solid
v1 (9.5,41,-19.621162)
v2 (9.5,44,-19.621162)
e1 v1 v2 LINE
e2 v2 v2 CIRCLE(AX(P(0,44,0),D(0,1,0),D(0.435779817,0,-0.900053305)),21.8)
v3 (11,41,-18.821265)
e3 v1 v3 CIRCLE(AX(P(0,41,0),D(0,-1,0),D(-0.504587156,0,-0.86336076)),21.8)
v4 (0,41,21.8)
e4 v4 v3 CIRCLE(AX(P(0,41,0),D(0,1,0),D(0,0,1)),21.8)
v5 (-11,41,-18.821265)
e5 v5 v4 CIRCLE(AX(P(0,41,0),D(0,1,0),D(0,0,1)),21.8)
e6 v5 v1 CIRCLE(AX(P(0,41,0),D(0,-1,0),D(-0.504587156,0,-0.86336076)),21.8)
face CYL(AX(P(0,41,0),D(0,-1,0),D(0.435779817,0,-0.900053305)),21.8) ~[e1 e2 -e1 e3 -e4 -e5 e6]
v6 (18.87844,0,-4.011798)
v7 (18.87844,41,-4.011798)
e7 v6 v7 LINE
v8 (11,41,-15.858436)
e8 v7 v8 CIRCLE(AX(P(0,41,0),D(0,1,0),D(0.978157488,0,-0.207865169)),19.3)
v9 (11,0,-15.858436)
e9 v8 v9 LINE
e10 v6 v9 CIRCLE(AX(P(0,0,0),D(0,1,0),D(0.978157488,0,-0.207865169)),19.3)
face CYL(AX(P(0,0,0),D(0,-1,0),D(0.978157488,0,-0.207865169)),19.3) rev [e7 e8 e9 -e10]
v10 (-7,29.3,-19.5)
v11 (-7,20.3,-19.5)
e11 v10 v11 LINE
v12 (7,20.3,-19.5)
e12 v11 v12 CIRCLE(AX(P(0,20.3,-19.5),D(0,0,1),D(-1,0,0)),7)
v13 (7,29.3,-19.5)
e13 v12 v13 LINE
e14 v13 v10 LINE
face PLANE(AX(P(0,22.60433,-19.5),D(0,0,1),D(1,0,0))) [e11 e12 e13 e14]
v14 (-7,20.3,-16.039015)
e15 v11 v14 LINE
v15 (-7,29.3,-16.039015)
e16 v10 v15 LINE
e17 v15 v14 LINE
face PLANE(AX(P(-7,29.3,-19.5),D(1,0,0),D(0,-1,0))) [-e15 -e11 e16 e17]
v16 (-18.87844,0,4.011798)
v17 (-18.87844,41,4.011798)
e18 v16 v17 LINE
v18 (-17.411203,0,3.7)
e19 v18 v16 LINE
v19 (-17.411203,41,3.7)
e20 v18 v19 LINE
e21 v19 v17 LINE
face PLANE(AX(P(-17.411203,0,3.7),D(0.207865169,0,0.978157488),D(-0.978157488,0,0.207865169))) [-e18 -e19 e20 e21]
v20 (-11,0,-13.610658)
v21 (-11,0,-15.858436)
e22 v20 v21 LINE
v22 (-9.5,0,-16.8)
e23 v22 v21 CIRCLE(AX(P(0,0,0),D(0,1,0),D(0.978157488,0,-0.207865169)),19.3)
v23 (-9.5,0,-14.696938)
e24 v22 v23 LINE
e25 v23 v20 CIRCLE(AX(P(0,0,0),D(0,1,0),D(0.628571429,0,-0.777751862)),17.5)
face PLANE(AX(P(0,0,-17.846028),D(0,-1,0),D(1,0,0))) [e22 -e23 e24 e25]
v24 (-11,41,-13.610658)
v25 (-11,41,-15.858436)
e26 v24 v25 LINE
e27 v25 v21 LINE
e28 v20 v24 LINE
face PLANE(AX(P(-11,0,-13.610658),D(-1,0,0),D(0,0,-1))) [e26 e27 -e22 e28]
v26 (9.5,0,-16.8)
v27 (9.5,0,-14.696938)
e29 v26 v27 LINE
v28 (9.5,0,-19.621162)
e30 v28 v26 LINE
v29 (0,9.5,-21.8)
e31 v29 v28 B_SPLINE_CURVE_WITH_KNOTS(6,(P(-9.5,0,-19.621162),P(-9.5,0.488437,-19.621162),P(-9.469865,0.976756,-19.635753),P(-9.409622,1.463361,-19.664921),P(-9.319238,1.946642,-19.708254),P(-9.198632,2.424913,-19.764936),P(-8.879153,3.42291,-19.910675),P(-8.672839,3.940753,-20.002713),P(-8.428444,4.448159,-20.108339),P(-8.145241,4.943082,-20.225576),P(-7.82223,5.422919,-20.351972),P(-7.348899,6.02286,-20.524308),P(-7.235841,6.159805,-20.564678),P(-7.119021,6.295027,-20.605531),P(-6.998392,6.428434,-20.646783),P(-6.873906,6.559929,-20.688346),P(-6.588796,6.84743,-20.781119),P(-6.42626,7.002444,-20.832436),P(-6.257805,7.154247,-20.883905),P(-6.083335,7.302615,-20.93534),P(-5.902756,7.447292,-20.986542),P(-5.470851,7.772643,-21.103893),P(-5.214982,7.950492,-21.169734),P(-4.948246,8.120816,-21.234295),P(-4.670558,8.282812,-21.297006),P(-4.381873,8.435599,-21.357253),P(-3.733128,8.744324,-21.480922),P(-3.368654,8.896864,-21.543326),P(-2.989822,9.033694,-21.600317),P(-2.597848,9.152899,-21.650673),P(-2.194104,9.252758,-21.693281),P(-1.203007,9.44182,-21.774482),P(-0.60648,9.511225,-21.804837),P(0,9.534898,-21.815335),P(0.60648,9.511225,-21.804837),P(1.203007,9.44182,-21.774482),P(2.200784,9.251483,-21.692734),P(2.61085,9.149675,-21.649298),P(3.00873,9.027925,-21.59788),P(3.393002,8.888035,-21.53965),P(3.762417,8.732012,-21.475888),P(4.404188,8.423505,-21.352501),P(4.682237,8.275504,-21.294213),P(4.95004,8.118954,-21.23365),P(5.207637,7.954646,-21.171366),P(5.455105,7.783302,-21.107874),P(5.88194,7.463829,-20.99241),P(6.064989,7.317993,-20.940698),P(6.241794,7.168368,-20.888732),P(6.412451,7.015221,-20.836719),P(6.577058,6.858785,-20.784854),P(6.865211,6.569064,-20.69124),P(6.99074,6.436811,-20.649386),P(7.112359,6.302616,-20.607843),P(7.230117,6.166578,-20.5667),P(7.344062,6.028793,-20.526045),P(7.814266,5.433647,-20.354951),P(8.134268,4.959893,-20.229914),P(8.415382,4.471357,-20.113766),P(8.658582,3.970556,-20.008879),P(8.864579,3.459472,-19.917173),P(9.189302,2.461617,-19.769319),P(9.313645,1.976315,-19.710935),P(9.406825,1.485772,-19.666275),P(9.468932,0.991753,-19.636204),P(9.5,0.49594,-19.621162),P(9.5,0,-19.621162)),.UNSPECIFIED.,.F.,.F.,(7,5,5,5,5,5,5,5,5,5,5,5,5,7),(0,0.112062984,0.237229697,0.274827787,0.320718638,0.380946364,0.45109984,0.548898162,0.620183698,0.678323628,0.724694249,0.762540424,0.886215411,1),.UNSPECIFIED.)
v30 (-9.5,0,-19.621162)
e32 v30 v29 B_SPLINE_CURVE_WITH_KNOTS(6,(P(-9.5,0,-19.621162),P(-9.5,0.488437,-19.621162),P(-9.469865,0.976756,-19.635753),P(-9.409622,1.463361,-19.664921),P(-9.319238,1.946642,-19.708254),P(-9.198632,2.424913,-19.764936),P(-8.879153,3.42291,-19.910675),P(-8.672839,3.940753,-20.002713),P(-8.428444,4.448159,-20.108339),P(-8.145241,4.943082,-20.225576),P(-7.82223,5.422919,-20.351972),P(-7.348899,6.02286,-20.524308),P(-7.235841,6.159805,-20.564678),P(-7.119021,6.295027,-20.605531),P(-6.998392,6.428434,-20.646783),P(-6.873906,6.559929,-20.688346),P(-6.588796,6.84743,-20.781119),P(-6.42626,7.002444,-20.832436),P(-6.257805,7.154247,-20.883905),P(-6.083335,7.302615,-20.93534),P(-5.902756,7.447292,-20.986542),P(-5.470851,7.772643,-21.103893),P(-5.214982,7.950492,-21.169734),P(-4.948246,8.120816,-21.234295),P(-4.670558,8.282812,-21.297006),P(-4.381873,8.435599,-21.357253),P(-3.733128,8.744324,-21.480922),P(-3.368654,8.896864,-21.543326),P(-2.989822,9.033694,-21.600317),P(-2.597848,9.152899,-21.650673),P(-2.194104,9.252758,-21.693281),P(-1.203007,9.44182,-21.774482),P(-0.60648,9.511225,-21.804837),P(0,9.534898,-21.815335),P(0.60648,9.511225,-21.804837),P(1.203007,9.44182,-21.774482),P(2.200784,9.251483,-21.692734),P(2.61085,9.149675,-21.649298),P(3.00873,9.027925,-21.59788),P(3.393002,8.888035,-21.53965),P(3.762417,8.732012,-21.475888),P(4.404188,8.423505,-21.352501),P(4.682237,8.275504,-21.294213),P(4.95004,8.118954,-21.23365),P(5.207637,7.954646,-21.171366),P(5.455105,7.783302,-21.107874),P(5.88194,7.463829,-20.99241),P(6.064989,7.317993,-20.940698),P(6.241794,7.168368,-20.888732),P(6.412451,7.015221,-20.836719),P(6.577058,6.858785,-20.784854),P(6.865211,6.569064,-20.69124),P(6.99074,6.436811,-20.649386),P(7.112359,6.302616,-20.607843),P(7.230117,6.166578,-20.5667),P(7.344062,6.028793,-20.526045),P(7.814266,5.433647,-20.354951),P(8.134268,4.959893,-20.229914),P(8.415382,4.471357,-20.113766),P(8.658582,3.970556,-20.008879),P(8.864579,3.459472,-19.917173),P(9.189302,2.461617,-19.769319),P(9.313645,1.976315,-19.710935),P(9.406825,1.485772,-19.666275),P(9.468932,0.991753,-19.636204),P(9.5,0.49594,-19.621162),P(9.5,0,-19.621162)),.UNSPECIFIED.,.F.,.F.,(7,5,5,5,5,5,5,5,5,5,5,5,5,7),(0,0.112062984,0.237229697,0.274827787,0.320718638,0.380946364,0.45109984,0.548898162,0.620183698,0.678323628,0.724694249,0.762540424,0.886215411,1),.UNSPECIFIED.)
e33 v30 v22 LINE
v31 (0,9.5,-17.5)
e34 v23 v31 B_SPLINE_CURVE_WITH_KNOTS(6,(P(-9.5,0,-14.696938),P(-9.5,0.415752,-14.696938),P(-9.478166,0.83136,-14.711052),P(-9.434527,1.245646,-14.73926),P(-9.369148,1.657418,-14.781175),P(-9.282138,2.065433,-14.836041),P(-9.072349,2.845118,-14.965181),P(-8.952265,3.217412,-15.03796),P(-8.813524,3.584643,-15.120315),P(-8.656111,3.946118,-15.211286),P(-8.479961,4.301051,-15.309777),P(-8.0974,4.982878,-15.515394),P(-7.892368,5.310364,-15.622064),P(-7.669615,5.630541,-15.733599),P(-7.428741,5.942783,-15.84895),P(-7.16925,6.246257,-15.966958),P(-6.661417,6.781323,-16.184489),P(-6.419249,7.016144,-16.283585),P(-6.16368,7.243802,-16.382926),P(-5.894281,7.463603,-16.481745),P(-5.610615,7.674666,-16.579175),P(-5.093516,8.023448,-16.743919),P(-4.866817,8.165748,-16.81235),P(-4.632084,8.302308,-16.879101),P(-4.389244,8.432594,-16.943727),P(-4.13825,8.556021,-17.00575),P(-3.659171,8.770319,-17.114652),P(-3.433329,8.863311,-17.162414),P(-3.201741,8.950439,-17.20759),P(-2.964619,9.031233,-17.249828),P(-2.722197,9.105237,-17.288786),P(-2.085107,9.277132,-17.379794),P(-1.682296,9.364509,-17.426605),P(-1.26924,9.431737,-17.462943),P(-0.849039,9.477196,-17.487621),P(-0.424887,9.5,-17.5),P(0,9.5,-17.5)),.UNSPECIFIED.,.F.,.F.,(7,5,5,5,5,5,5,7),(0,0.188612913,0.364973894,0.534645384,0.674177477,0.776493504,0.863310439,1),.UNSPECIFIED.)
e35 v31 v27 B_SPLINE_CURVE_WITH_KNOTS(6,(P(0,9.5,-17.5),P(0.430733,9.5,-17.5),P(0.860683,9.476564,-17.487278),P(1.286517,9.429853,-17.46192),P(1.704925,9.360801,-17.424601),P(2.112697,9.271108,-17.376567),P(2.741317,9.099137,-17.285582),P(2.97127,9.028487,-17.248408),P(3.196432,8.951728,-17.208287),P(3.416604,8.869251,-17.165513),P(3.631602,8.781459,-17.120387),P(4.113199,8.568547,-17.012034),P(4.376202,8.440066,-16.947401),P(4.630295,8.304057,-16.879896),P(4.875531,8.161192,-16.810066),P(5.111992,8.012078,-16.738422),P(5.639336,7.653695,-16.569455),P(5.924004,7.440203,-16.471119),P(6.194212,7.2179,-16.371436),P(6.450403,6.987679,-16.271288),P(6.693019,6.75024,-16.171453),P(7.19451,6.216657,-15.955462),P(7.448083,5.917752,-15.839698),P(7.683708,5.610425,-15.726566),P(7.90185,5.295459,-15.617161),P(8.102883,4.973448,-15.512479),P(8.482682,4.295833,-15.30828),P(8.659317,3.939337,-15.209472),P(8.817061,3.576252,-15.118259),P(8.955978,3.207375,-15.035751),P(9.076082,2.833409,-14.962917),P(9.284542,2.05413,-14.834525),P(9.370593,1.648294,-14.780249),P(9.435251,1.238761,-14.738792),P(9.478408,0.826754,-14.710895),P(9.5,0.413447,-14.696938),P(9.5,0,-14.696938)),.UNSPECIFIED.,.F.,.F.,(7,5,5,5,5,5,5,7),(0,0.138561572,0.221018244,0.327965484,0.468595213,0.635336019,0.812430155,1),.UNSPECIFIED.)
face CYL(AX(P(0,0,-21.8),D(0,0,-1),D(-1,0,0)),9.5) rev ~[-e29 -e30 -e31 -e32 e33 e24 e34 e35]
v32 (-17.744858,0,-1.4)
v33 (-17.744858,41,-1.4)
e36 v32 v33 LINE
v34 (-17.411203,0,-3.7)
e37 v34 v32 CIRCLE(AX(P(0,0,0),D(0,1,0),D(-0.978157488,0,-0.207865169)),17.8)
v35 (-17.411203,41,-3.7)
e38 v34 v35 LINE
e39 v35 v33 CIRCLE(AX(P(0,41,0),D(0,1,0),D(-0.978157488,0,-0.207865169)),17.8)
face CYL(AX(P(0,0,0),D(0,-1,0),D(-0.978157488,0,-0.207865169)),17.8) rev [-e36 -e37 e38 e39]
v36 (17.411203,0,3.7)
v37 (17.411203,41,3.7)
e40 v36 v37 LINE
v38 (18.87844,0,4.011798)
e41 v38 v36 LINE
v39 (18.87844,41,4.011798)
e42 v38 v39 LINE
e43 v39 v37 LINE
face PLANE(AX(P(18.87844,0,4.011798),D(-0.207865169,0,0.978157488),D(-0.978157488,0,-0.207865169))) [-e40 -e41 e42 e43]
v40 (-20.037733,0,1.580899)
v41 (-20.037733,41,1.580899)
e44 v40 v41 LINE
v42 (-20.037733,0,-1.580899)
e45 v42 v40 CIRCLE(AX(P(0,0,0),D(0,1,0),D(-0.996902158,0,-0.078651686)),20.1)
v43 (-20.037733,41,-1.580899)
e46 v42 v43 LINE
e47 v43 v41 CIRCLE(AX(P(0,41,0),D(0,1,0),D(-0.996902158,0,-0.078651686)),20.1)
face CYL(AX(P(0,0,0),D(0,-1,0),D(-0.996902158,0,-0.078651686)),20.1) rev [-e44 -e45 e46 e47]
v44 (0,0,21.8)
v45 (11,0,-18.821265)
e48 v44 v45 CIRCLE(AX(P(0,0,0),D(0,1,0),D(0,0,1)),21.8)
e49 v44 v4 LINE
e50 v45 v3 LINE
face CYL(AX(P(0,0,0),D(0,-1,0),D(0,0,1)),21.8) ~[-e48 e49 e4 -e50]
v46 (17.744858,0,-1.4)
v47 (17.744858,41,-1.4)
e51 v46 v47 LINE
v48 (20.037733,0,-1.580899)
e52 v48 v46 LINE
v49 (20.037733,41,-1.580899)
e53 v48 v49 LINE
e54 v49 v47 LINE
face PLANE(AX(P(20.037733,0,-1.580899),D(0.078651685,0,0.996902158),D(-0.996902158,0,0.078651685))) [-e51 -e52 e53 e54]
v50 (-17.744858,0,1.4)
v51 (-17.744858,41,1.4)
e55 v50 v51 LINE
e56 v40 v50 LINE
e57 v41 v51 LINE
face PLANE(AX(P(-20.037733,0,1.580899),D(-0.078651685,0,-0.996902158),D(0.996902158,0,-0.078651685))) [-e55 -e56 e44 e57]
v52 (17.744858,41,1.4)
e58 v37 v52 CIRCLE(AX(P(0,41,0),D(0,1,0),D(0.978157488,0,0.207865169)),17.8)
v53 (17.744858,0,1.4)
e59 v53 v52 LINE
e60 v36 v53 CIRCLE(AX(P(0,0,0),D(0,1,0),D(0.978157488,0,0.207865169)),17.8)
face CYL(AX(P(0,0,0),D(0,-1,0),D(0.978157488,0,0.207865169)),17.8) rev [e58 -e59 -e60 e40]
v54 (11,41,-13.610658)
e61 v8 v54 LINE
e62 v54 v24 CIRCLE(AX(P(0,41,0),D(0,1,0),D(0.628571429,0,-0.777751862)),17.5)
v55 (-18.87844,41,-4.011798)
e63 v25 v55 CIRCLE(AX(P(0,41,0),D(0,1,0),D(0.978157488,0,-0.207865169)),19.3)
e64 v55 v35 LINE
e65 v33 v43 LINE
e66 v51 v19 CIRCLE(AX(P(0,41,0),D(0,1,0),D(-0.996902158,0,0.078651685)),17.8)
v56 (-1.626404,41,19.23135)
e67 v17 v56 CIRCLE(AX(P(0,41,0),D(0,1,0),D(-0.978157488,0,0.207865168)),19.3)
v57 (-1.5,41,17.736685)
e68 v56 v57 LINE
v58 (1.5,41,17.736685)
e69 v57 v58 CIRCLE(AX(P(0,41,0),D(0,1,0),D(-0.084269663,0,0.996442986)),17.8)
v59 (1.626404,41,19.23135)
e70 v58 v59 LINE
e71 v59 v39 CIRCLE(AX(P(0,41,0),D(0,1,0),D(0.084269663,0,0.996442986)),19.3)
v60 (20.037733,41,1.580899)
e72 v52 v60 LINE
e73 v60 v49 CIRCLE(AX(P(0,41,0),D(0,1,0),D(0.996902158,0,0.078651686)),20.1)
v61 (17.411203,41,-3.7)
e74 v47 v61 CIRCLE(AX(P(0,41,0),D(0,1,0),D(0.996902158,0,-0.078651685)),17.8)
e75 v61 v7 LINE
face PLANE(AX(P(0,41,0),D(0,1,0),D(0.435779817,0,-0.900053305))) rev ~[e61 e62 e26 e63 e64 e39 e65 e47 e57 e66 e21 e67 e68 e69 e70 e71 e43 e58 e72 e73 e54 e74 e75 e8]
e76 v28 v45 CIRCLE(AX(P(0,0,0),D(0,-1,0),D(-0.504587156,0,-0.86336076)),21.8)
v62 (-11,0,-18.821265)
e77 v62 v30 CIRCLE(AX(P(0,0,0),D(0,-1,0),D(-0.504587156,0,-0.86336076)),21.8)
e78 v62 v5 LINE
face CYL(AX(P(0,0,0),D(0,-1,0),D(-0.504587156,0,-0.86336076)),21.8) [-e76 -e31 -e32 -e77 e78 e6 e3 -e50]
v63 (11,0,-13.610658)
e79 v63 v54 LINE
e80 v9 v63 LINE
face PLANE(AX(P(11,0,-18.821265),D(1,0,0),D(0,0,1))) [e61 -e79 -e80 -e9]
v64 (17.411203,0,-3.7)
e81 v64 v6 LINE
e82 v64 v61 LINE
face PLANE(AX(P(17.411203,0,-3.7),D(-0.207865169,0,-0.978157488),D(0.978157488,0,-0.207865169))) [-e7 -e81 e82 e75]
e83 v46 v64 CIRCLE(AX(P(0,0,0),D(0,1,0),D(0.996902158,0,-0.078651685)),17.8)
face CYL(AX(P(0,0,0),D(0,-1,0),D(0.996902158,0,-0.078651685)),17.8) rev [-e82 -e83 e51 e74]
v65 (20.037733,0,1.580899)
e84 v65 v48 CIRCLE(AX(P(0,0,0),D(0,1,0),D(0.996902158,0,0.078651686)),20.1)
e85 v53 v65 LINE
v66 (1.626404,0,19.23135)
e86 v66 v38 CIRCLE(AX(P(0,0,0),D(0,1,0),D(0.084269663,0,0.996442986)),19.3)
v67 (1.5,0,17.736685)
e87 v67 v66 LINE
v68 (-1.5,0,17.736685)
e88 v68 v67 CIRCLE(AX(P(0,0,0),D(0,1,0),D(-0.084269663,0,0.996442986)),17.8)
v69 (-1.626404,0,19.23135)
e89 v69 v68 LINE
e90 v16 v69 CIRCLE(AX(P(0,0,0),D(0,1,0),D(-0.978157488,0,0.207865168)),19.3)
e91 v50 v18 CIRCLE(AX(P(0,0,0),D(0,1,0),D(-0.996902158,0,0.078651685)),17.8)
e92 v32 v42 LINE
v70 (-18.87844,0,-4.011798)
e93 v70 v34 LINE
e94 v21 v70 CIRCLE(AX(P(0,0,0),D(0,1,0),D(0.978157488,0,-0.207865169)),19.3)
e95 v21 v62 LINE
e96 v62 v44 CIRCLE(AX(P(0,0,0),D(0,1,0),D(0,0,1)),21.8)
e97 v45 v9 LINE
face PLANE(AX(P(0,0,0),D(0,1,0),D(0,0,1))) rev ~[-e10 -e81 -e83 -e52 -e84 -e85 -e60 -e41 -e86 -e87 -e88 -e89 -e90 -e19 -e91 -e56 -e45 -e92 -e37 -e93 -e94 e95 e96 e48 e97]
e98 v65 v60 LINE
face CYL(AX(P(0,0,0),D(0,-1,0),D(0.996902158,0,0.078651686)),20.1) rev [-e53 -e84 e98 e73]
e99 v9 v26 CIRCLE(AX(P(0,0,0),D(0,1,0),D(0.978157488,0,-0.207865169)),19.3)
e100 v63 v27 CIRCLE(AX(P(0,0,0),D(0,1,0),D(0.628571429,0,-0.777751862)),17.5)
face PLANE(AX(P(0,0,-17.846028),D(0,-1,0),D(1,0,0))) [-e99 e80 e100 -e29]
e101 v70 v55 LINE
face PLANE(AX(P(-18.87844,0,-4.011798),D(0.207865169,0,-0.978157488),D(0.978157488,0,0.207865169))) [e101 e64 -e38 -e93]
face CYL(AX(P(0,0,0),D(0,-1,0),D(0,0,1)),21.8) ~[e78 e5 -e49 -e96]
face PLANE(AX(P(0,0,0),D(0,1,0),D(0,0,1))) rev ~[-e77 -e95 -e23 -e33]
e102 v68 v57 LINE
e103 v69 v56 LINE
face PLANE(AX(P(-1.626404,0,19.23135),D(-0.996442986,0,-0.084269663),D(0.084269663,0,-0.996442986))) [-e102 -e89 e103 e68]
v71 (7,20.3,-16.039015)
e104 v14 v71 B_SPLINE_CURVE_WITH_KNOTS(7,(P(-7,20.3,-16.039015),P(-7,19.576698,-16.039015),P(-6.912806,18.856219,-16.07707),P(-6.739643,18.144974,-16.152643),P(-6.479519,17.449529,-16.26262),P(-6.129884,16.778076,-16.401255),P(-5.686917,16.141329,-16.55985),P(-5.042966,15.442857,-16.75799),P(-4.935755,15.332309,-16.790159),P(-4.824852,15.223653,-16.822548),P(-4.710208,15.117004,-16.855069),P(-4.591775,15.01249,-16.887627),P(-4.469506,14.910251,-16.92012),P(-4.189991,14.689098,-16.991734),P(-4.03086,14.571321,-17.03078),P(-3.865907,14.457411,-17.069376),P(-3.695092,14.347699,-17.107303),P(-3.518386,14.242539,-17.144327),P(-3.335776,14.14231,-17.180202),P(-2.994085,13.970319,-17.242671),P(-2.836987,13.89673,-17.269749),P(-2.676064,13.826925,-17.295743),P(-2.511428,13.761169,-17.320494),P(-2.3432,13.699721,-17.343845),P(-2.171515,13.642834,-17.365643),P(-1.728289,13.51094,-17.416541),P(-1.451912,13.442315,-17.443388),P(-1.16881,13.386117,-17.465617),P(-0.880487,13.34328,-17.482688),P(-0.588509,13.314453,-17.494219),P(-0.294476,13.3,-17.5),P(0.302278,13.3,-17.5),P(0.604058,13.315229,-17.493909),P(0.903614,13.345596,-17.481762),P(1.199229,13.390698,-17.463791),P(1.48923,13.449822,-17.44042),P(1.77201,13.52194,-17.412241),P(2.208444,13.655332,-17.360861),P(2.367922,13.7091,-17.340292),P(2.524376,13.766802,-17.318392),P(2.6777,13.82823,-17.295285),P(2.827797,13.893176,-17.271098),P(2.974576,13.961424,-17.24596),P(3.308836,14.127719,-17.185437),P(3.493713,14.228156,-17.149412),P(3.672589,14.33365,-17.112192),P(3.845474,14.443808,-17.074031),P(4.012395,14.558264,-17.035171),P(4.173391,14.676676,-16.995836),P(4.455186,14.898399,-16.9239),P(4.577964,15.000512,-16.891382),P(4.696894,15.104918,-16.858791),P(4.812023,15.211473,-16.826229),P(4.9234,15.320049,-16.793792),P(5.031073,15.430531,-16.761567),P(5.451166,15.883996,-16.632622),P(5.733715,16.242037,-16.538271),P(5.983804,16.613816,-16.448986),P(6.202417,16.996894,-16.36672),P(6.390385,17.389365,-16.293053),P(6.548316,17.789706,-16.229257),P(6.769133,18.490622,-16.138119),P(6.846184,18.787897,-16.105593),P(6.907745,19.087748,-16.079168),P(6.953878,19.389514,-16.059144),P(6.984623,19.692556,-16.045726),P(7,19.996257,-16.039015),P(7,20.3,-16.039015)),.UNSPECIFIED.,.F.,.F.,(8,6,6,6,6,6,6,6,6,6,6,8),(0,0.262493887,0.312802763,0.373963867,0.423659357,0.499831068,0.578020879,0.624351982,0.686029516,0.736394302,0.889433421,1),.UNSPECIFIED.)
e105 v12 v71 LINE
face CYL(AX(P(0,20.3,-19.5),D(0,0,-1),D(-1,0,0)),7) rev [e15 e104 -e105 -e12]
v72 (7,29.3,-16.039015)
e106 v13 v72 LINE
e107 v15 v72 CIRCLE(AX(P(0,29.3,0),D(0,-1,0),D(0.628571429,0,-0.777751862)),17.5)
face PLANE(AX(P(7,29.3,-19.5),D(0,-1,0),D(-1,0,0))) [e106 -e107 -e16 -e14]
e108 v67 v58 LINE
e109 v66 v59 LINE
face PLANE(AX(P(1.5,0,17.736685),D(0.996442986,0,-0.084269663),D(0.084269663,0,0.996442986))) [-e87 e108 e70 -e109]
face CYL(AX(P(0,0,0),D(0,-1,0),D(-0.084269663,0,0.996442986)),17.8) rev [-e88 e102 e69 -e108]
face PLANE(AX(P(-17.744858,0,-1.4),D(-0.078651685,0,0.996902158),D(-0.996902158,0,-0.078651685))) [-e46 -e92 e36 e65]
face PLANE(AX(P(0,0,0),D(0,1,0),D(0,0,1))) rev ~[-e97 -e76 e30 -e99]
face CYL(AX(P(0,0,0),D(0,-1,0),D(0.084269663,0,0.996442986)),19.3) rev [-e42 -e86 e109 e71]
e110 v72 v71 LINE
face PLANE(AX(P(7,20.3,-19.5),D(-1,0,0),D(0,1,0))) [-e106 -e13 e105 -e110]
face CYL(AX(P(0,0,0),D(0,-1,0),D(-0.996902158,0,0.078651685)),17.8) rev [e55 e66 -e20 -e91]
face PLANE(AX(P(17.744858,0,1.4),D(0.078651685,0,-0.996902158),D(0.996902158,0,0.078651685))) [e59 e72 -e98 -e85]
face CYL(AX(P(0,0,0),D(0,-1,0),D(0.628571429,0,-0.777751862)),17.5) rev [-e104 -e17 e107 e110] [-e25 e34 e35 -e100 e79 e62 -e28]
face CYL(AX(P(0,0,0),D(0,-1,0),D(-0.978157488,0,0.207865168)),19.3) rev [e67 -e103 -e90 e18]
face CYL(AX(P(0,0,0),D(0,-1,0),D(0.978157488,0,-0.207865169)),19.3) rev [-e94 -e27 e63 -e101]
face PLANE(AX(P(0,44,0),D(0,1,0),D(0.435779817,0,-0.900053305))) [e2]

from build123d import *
from build123d.topology import SkipClean

# Parameters (mm, degrees)
SKETCH2_R               = 21.8
BOSS_EXTRUDE1_DEPTH     = 41
BOSS_EXTRUDE2_DEPTH     = 41
CUT_EXTRUDE1_REACH      = 65.696
CUT_EXTRUDE1_END_RADIUS = 17.5
CUT_EXTRUDE2_START      = -2
CUT_EXTRUDE2_DEPTH      = 3.460986
SKETCH6_R               = 21.8
BOSS_EXTRUDE3_DEPTH     = 3


with BuildPart() as part:
    # Sketch2 → Boss-Extrude1 (new body)
    with BuildSketch(Plane(origin=(0, 0, 0), x_dir=(1, 0, 0), z_dir=(0, 1, 0))):
        with Locations(Location((0, 0, 0), (0, 0, 270))):
            Circle(SKETCH2_R)
        with BuildLine():
            Line((-1.626404494, -19.231349626), (-1.5, -17.736685147))
            ThreePointArc((-1.5, -17.736685147), (0, -17.8), (1.5, -17.736685147))
            Line((1.5, -17.736685147), (1.626404494, -19.231349626))
            ThreePointArc((1.626404494, -19.231349626), (12.767961734, -14.473049201), (18.878439522, -4.011797753))
            Line((18.878439522, -4.011797753), (17.41120329, -3.7))
            ThreePointArc((17.41120329, -3.7), (17.615608663, -2.555451317), (17.74485841, -1.4))
            Line((17.74485841, -1.4), (20.037733373, -1.580898876))
            ThreePointArc((20.037733373, -1.580898876), (20.1, 0), (20.037733373, 1.580898876))
            Line((20.037733373, 1.580898876), (17.74485841, 1.4))
            ThreePointArc((17.74485841, 1.4), (17.615608663, 2.555451317), (17.41120329, 3.7))
            Line((17.41120329, 3.7), (18.878439522, 4.011797753))
            ThreePointArc((18.878439522, 4.011797753), (0, 19.3), (-18.878439522, 4.011797753))
            Line((-18.878439522, 4.011797753), (-17.41120329, 3.7))
            ThreePointArc((-17.41120329, 3.7), (-17.615608663, 2.555451317), (-17.74485841, 1.4))
            Line((-17.74485841, 1.4), (-20.037733373, 1.580898876))
            ThreePointArc((-20.037733373, 1.580898876), (-20.1, 0), (-20.037733373, -1.580898876))
            Line((-20.037733373, -1.580898876), (-17.74485841, -1.4))
            ThreePointArc((-17.74485841, -1.4), (-17.615608663, -2.555451317), (-17.41120329, -3.7))
            Line((-17.41120329, -3.7), (-18.878439522, -4.011797753))
            ThreePointArc((-18.878439522, -4.011797753), (-12.767961734, -14.473049201), (-1.626404494, -19.231349626))
        make_face(mode=Mode.SUBTRACT)
    extrude(amount=BOSS_EXTRUDE1_DEPTH)

    # Sketch3 → Boss-Extrude2 (add)
    with SkipClean():  # the faces are left unmerged after this step: merging them gives an invalid solid
        with BuildSketch(Plane.XZ):
            with BuildLine():
                Line((11, -18.82126457), (11, -13.610657589))
                ThreePointArc((11, -13.610657589), (0, -17.5), (-11, -13.610657589))
                Line((-11, -13.610657589), (-11, -18.82126457))
                ThreePointArc((-11, -18.82126457), (0, -21.8), (11, -18.82126457))
            make_face()
        extrude(amount=-BOSS_EXTRUDE2_DEPTH)

    # Cut-Extrude1: up to this cylinder (the profile starts outside it)
    with SkipClean():  # the faces are left unmerged after this step: merging them gives an invalid solid
        cut_extrude1_end = Plane(origin=(0, 4.031925, 0), z_dir=(0, -1, 0)) * Cylinder(CUT_EXTRUDE1_END_RADIUS, 167.392, mode=Mode.PRIVATE)
        # Sketch4 → Cut-Extrude1 (cut, up to the surface)
        with BuildSketch(Plane(origin=(0, 0, -21.8), x_dir=(-1, 0, 0), z_dir=(0, 0, -1)), mode=Mode.PRIVATE) as cut_extrude1_sk1:
            with BuildLine():
                Line((-9.5, 0), (9.5, 0))
                ThreePointArc((9.5, 0), (0, 9.5), (-9.5, 0))
            make_face()
        cut_extrude1_tool1 = extrude(cut_extrude1_sk1.sketch, amount=-CUT_EXTRUDE1_REACH, mode=Mode.PRIVATE) - cut_extrude1_end
        add(cut_extrude1_tool1.solids().sort_by_distance((0, 4.031925, -21.8))[0], mode=Mode.SUBTRACT)

    # Sketch5 → Cut-Extrude2 (cut)
    with SkipClean():  # the faces are left unmerged after this step: merging them gives an invalid solid
        with BuildSketch(Plane.XY.offset(-17.5).offset(CUT_EXTRUDE2_START)):
            with BuildLine():
                ThreePointArc((-7, 20.3), (0, 13.3), (7, 20.3))
                Line((7, 20.3), (7, 29.3))
                Line((7, 29.3), (-7, 29.3))
                Line((-7, 29.3), (-7, 20.3))
            make_face()
        extrude(amount=CUT_EXTRUDE2_DEPTH, mode=Mode.SUBTRACT)

    # Sketch6 → Boss-Extrude3 (add)
    with SkipClean():  # the faces are left unmerged after this step: merging them gives an invalid solid
        with BuildSketch(Plane(origin=(0, 41, 0), x_dir=(1, 0, 0), z_dir=(0, 1, 0))):
            with Locations(Location((0, 0, 0), (0, 0, 64.165074802))):
                Circle(SKETCH6_R)
        extrude(amount=BOSS_EXTRUDE3_DEPTH)


solid = part.part
